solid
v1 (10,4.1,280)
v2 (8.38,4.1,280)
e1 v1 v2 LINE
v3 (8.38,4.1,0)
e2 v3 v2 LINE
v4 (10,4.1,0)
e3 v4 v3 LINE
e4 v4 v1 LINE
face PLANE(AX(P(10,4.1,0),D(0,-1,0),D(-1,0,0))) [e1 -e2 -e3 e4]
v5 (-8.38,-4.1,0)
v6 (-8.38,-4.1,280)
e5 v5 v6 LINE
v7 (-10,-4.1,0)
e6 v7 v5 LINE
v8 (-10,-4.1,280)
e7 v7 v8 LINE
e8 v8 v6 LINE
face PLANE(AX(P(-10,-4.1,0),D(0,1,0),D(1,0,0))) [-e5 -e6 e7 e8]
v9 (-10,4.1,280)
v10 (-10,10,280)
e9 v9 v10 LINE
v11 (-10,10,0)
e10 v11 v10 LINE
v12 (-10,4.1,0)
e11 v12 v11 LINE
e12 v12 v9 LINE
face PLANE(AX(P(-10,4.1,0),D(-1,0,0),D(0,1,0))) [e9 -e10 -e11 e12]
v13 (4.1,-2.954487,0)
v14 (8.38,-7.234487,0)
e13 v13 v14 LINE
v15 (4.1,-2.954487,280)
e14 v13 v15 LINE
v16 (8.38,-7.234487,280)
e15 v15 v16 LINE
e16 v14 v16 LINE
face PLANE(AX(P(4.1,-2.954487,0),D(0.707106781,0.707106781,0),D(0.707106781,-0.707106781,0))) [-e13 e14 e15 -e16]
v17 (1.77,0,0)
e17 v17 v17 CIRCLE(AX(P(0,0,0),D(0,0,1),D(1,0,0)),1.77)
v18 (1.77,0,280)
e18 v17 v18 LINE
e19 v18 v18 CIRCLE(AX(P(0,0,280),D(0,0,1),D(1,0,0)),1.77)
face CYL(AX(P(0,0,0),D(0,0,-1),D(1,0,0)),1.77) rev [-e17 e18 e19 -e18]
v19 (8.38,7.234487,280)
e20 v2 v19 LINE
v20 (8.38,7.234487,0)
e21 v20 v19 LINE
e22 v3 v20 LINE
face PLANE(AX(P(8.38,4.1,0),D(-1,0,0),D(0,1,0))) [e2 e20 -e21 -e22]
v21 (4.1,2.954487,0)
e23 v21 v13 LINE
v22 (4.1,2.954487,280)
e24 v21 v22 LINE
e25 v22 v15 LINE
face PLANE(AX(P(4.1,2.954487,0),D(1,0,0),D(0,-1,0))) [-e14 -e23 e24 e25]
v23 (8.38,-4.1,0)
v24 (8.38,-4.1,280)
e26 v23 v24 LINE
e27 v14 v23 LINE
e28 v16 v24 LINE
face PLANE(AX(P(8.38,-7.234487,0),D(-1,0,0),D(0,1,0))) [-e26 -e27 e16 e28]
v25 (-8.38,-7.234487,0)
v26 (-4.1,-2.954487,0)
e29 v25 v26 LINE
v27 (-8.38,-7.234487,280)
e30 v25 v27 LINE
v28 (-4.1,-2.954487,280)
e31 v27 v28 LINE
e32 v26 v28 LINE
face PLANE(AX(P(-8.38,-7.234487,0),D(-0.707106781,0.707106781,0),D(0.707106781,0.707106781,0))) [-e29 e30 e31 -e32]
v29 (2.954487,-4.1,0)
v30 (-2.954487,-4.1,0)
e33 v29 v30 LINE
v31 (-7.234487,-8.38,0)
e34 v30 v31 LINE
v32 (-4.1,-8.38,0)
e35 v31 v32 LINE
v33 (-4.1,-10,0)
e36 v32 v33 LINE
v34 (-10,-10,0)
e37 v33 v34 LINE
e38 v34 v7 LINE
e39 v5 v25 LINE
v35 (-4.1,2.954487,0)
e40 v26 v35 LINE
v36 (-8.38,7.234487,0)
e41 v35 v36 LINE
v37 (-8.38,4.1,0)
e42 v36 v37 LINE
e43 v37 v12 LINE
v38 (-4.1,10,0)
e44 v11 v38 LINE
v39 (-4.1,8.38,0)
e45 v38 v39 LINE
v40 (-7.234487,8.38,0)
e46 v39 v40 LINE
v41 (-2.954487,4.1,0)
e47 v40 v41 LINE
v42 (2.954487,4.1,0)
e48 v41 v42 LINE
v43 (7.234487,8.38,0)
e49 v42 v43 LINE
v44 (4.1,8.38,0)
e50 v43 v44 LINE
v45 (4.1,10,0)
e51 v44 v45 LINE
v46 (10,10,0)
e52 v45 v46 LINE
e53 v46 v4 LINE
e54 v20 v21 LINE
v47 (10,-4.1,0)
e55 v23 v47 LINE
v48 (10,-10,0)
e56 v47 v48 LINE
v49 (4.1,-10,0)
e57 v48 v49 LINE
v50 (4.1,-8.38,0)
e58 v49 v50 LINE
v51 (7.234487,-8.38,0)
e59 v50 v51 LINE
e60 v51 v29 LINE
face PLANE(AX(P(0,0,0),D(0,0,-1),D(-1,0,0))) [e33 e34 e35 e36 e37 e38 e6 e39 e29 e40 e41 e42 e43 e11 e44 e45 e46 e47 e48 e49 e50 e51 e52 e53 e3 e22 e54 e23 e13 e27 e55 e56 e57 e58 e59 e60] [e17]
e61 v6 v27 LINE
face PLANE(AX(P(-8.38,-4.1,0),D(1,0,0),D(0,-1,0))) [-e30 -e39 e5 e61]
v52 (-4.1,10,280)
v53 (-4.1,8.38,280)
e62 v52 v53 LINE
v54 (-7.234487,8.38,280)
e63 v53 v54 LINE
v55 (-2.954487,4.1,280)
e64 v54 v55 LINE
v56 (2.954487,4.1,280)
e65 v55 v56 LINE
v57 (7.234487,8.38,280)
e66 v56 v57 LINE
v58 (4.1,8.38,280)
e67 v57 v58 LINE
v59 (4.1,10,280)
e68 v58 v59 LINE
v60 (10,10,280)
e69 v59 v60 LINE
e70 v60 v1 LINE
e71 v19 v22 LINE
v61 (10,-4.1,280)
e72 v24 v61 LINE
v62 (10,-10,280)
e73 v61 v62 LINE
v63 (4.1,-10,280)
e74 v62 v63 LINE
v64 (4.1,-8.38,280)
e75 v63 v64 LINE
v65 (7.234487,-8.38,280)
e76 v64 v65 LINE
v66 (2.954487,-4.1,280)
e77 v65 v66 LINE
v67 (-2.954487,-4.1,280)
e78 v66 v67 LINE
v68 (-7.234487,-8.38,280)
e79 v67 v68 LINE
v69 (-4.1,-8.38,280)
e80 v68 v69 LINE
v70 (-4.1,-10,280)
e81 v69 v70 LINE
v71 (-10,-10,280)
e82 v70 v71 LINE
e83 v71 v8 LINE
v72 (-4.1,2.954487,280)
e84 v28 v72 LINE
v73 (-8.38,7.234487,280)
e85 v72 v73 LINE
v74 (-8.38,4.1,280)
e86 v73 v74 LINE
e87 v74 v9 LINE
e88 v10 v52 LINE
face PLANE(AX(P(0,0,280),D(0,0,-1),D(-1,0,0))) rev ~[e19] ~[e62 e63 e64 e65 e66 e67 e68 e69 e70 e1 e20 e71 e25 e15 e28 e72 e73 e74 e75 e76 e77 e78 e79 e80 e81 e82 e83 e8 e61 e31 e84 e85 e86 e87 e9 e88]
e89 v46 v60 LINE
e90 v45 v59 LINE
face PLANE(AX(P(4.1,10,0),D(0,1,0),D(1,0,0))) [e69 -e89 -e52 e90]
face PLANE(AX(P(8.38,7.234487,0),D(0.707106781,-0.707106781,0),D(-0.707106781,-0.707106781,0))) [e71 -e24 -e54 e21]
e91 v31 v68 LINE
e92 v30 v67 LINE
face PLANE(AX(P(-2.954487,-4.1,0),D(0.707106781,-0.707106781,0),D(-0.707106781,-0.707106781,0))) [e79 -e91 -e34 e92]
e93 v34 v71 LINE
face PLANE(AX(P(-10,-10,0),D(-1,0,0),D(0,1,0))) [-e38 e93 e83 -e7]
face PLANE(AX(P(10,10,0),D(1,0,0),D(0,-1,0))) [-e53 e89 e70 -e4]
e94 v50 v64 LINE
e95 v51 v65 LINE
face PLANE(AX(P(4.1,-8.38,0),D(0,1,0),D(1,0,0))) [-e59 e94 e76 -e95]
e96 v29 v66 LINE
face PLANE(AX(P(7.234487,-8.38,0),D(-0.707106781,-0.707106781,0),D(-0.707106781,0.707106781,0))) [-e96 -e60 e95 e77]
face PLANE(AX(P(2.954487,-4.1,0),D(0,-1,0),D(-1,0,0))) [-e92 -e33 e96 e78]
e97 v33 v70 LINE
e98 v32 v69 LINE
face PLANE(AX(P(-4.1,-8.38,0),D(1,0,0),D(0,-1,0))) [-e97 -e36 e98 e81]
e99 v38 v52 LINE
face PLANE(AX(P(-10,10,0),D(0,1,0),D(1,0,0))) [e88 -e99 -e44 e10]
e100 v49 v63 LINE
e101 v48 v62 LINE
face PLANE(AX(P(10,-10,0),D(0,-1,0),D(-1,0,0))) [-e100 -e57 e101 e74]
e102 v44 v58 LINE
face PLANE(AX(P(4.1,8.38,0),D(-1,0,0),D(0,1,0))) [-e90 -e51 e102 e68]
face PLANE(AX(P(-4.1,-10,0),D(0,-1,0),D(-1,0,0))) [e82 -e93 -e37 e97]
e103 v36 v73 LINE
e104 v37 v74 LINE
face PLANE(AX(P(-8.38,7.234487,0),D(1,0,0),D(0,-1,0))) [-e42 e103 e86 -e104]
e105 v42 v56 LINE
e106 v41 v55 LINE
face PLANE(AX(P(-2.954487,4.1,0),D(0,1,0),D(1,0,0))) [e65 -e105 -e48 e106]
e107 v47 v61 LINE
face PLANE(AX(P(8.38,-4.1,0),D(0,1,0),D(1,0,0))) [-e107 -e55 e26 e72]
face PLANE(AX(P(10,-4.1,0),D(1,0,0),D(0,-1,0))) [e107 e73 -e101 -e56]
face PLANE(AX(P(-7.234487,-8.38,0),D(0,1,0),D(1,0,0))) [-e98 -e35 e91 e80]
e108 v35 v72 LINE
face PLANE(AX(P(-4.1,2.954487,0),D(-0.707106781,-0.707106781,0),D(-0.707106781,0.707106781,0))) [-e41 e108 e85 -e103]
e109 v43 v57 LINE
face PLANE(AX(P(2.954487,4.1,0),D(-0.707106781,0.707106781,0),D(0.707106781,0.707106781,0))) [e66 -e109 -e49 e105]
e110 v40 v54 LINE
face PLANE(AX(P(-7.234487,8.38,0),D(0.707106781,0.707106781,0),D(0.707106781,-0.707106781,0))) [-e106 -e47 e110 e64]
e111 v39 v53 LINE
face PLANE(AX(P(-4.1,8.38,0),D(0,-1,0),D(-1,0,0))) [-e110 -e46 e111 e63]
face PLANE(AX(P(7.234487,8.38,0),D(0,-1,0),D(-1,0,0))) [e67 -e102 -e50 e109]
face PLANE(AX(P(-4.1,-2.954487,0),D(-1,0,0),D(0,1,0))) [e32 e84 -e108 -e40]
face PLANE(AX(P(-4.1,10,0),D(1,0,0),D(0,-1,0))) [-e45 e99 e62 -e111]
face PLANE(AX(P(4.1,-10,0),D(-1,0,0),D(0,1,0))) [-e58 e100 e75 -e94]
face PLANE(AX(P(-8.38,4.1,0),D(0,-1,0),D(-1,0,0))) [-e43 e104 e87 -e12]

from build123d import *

# Parameters (mm, degrees)
SKETCH1_R           = 1.77
BOSS_EXTRUDE1_DEPTH = 280


with BuildPart() as part:
    # Sketch1 → Boss-Extrude1 (new body)
    with BuildSketch(Plane.XY):
        Polygon((-8.38, 4.1), (-10, 4.1), (-10, 10), (-4.1, 10), (-4.1, 8.38), (-7.234487014, 8.38), (-2.954487014, 4.1), (2.954487014, 4.1), (7.234487014, 8.38), (4.1, 8.38), (4.1, 10), (10, 10), (10, 4.1), (8.38, 4.1), (8.38, 7.234487014), (4.1, 2.954487014), (4.1, -2.954487014), (8.38, -7.234487014), (8.38, -4.1), (10, -4.1), (10, -10), (4.1, -10), (4.1, -8.38), (7.234487014, -8.38), (2.954487014, -4.1), (-2.954487014, -4.1), (-7.234487014, -8.38), (-4.1, -8.38), (-4.1, -10), (-10, -10), (-10, -4.1), (-8.38, -4.1), (-8.38, -7.234487014), (-4.1, -2.954487014), (-4.1, 2.954487014), (-8.38, 7.234487014), align=None)
        Circle(SKETCH1_R, mode=Mode.SUBTRACT)
    extrude(amount=BOSS_EXTRUDE1_DEPTH)


solid = part.part
